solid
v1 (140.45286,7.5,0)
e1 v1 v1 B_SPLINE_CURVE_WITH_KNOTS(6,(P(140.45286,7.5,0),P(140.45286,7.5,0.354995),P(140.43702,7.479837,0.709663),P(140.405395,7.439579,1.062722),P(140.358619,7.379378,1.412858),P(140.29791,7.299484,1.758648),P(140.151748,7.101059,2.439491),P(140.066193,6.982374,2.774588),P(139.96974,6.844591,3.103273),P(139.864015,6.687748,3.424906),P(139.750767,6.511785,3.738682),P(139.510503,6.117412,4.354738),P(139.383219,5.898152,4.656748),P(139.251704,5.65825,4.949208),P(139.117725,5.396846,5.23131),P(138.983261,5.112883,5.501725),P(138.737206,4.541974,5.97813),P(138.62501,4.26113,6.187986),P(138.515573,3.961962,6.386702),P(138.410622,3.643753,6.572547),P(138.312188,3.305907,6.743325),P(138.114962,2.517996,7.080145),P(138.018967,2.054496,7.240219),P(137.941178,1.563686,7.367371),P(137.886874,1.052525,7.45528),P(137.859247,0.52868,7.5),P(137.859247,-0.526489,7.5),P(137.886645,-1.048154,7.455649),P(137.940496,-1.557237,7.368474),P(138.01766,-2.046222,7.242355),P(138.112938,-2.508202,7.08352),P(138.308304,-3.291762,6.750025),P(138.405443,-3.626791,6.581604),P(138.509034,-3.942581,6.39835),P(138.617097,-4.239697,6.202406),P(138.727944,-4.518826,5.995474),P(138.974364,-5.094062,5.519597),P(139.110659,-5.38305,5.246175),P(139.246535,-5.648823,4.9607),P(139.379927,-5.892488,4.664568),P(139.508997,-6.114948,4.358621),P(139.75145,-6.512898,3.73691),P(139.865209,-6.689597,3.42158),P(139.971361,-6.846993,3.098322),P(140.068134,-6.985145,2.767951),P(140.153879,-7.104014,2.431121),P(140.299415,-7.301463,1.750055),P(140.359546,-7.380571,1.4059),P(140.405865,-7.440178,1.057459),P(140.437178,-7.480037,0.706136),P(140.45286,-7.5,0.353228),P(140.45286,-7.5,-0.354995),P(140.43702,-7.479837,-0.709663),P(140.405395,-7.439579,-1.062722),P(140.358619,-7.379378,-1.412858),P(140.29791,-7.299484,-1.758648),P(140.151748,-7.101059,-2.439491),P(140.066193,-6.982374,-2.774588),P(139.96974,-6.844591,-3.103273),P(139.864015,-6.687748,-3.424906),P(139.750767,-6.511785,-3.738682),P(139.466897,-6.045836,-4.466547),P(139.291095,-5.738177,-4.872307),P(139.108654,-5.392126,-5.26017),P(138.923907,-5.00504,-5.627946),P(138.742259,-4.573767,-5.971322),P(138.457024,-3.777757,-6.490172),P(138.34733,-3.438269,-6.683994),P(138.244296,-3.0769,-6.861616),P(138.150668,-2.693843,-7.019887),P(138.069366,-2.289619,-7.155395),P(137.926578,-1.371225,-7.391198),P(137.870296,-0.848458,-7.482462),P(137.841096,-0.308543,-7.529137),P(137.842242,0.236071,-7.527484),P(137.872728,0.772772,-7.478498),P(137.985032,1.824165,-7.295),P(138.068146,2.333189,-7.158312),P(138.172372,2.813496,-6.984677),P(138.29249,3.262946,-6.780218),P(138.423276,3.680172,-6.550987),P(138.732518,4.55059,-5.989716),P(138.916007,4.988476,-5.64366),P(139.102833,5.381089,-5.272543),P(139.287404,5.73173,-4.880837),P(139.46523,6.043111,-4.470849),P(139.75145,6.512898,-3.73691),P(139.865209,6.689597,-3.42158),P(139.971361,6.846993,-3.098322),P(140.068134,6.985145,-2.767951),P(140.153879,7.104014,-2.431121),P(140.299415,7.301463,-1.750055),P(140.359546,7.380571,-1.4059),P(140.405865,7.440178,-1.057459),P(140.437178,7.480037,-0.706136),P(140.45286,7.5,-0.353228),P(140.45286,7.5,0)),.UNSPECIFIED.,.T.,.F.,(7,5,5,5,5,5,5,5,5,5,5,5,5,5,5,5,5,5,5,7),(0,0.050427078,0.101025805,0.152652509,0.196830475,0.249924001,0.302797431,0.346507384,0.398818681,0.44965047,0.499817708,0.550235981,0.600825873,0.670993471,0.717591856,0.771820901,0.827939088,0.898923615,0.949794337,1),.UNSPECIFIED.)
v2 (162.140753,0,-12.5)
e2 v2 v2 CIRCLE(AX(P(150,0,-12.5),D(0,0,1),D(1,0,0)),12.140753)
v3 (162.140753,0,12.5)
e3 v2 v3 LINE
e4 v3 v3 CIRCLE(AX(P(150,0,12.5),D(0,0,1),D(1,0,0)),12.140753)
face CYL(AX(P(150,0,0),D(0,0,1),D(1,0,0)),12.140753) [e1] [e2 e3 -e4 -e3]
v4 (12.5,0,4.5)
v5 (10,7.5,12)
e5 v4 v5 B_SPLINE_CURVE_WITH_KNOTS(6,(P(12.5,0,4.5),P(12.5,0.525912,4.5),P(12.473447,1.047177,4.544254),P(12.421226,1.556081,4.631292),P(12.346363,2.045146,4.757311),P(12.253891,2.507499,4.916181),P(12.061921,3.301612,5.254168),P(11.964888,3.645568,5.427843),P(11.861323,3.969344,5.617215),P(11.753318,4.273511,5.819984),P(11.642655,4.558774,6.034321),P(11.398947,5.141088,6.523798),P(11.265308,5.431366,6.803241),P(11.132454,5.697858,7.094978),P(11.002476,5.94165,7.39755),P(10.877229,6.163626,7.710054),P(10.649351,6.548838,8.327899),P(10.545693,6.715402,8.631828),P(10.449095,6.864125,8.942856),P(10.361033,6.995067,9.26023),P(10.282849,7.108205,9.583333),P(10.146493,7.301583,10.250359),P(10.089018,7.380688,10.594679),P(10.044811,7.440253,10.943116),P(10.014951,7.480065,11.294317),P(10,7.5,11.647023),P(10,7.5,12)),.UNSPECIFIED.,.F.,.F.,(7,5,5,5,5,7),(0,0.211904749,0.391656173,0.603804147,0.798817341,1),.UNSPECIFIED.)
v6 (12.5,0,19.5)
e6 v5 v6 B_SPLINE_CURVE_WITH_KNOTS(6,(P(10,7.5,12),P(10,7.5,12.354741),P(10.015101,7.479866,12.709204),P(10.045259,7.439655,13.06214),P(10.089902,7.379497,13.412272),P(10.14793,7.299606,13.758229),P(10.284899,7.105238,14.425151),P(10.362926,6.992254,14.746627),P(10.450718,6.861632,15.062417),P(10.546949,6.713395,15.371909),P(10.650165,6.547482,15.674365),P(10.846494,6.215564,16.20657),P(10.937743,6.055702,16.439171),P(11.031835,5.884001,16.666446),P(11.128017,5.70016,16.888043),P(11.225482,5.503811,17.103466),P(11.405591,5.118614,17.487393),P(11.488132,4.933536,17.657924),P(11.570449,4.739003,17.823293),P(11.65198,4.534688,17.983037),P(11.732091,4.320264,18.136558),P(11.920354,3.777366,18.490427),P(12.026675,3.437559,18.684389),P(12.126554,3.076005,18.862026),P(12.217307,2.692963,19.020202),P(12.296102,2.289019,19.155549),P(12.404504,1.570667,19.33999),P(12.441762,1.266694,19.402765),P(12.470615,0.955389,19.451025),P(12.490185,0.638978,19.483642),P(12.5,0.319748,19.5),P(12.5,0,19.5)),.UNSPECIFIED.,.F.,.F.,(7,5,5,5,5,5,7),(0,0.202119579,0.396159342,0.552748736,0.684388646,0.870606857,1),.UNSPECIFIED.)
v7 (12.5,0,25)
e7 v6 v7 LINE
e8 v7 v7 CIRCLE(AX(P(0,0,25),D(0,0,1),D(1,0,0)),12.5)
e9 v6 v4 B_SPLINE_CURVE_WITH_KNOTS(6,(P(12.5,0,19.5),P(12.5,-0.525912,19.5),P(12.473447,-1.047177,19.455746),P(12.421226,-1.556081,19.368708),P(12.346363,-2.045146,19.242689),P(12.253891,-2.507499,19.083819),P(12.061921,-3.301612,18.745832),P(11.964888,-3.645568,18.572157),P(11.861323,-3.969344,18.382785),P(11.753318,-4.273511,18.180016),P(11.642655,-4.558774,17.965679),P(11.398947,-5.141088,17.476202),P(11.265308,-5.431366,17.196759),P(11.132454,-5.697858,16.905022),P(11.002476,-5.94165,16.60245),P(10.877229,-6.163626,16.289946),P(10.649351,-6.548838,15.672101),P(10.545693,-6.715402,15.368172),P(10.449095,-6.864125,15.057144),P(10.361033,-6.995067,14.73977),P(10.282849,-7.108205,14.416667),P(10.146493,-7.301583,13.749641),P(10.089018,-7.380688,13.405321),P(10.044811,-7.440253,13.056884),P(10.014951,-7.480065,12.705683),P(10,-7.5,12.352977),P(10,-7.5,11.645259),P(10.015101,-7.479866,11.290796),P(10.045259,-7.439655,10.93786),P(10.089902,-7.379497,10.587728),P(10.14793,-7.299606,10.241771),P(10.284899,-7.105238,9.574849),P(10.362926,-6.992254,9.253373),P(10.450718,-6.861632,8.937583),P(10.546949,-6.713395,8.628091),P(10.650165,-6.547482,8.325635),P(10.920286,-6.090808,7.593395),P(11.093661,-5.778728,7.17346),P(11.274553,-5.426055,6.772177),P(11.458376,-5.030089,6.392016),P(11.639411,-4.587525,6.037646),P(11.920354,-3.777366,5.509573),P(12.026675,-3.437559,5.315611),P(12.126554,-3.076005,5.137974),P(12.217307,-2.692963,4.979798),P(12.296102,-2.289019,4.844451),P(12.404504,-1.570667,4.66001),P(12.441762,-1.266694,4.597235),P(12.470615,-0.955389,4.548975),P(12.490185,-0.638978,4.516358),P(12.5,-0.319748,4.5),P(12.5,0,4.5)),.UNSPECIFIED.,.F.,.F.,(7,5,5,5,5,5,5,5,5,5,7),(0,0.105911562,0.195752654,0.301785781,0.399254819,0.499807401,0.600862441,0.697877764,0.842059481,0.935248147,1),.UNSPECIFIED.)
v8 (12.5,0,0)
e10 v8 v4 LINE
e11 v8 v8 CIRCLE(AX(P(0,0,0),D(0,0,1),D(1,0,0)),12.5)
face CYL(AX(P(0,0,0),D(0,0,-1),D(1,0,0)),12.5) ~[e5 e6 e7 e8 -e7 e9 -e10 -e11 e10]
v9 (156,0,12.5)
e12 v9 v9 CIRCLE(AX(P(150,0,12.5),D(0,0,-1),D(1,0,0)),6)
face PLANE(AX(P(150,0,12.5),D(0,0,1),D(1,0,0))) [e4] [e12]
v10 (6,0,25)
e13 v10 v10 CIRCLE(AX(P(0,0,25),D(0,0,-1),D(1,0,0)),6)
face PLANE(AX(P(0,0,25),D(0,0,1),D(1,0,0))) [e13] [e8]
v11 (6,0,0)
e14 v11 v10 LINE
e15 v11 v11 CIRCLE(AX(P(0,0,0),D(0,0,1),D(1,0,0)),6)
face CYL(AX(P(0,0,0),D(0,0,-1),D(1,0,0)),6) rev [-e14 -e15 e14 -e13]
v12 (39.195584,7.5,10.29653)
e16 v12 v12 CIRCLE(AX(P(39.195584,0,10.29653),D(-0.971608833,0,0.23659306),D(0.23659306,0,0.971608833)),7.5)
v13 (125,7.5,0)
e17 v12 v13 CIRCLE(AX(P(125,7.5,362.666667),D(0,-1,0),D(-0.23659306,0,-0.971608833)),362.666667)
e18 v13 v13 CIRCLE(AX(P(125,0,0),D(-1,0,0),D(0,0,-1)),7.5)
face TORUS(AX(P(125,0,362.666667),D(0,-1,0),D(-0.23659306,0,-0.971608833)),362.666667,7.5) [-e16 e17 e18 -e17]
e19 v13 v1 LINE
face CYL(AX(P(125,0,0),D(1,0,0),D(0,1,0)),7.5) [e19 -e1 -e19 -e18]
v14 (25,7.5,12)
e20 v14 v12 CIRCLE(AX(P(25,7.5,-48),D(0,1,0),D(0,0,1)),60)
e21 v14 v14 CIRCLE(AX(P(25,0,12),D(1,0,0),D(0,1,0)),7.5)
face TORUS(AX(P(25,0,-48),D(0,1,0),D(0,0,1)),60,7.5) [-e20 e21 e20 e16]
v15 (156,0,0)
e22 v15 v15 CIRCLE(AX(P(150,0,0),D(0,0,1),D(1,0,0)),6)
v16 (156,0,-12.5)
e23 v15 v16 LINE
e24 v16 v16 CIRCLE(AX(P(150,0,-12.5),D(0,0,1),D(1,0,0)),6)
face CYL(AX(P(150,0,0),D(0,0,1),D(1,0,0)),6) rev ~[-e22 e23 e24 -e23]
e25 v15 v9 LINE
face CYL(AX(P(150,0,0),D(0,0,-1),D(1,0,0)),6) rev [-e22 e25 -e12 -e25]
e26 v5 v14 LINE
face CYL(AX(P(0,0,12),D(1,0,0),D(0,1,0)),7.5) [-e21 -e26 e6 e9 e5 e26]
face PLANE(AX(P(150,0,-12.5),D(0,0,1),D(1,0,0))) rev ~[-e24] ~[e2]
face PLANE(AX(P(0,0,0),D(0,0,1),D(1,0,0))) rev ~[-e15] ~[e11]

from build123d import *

# Parameters (mm, degrees)
F0_R          = 12.5
F1_DEPTH      = 25
F0_R_2        = 12.1407528782
F2_DEPTH      = 12.5
F4_R          = 7.5
F6_R          = 6
F7_DEPTH      = 12.5010001
F7_DEPTH_BACK = 25.0010001


with BuildPart() as f1:
    # F0 (on Top) → F1 (new body)
    with BuildSketch(Plane.XY):
        Circle(F0_R)
    extrude(amount=F1_DEPTH)



with BuildPart() as f2:
    # F0 (on Top) → F2 (new body, symmetric)
    with BuildSketch(Plane.XY):
        with Locations((150, 0)):
            Circle(F0_R_2)
    extrude(amount=F2_DEPTH, both=True)


with BuildPart() as f1_1:
    add(f1.part)

    add(f2.part)  # F5 merges F2
    # F5: sweep along a path in F3
    with BuildLine(Plane.XZ) as f5_path:
        Line((0, 12), (25, 12))
        ThreePointArc((25, 12), (32.1487132371, 11.5726103092), (39.1955835962, 10.2965299685))
        ThreePointArc((39.1955835962, 10.2965299685), (81.789999989, 2.5833332421), (125, 0))
        Line((125, 0), (150, 0))
    # F4 (on Right) → F5 (sweep)
    with BuildSketch(Plane.YZ):
        with Locations((0, 12)):
            Circle(F4_R)
    sweep(path=f5_path.line)

    # F6 (on Top) → F7 (cut, two sides)
    with BuildSketch(Plane.XY) as f7_sk:
        Circle(F6_R)
        with Locations((150, 0)):
            Circle(F6_R)
    extrude(amount=-F7_DEPTH, mode=Mode.SUBTRACT)
    extrude(f7_sk.sketch, amount=F7_DEPTH_BACK, mode=Mode.SUBTRACT)


solid = f1_1.part
